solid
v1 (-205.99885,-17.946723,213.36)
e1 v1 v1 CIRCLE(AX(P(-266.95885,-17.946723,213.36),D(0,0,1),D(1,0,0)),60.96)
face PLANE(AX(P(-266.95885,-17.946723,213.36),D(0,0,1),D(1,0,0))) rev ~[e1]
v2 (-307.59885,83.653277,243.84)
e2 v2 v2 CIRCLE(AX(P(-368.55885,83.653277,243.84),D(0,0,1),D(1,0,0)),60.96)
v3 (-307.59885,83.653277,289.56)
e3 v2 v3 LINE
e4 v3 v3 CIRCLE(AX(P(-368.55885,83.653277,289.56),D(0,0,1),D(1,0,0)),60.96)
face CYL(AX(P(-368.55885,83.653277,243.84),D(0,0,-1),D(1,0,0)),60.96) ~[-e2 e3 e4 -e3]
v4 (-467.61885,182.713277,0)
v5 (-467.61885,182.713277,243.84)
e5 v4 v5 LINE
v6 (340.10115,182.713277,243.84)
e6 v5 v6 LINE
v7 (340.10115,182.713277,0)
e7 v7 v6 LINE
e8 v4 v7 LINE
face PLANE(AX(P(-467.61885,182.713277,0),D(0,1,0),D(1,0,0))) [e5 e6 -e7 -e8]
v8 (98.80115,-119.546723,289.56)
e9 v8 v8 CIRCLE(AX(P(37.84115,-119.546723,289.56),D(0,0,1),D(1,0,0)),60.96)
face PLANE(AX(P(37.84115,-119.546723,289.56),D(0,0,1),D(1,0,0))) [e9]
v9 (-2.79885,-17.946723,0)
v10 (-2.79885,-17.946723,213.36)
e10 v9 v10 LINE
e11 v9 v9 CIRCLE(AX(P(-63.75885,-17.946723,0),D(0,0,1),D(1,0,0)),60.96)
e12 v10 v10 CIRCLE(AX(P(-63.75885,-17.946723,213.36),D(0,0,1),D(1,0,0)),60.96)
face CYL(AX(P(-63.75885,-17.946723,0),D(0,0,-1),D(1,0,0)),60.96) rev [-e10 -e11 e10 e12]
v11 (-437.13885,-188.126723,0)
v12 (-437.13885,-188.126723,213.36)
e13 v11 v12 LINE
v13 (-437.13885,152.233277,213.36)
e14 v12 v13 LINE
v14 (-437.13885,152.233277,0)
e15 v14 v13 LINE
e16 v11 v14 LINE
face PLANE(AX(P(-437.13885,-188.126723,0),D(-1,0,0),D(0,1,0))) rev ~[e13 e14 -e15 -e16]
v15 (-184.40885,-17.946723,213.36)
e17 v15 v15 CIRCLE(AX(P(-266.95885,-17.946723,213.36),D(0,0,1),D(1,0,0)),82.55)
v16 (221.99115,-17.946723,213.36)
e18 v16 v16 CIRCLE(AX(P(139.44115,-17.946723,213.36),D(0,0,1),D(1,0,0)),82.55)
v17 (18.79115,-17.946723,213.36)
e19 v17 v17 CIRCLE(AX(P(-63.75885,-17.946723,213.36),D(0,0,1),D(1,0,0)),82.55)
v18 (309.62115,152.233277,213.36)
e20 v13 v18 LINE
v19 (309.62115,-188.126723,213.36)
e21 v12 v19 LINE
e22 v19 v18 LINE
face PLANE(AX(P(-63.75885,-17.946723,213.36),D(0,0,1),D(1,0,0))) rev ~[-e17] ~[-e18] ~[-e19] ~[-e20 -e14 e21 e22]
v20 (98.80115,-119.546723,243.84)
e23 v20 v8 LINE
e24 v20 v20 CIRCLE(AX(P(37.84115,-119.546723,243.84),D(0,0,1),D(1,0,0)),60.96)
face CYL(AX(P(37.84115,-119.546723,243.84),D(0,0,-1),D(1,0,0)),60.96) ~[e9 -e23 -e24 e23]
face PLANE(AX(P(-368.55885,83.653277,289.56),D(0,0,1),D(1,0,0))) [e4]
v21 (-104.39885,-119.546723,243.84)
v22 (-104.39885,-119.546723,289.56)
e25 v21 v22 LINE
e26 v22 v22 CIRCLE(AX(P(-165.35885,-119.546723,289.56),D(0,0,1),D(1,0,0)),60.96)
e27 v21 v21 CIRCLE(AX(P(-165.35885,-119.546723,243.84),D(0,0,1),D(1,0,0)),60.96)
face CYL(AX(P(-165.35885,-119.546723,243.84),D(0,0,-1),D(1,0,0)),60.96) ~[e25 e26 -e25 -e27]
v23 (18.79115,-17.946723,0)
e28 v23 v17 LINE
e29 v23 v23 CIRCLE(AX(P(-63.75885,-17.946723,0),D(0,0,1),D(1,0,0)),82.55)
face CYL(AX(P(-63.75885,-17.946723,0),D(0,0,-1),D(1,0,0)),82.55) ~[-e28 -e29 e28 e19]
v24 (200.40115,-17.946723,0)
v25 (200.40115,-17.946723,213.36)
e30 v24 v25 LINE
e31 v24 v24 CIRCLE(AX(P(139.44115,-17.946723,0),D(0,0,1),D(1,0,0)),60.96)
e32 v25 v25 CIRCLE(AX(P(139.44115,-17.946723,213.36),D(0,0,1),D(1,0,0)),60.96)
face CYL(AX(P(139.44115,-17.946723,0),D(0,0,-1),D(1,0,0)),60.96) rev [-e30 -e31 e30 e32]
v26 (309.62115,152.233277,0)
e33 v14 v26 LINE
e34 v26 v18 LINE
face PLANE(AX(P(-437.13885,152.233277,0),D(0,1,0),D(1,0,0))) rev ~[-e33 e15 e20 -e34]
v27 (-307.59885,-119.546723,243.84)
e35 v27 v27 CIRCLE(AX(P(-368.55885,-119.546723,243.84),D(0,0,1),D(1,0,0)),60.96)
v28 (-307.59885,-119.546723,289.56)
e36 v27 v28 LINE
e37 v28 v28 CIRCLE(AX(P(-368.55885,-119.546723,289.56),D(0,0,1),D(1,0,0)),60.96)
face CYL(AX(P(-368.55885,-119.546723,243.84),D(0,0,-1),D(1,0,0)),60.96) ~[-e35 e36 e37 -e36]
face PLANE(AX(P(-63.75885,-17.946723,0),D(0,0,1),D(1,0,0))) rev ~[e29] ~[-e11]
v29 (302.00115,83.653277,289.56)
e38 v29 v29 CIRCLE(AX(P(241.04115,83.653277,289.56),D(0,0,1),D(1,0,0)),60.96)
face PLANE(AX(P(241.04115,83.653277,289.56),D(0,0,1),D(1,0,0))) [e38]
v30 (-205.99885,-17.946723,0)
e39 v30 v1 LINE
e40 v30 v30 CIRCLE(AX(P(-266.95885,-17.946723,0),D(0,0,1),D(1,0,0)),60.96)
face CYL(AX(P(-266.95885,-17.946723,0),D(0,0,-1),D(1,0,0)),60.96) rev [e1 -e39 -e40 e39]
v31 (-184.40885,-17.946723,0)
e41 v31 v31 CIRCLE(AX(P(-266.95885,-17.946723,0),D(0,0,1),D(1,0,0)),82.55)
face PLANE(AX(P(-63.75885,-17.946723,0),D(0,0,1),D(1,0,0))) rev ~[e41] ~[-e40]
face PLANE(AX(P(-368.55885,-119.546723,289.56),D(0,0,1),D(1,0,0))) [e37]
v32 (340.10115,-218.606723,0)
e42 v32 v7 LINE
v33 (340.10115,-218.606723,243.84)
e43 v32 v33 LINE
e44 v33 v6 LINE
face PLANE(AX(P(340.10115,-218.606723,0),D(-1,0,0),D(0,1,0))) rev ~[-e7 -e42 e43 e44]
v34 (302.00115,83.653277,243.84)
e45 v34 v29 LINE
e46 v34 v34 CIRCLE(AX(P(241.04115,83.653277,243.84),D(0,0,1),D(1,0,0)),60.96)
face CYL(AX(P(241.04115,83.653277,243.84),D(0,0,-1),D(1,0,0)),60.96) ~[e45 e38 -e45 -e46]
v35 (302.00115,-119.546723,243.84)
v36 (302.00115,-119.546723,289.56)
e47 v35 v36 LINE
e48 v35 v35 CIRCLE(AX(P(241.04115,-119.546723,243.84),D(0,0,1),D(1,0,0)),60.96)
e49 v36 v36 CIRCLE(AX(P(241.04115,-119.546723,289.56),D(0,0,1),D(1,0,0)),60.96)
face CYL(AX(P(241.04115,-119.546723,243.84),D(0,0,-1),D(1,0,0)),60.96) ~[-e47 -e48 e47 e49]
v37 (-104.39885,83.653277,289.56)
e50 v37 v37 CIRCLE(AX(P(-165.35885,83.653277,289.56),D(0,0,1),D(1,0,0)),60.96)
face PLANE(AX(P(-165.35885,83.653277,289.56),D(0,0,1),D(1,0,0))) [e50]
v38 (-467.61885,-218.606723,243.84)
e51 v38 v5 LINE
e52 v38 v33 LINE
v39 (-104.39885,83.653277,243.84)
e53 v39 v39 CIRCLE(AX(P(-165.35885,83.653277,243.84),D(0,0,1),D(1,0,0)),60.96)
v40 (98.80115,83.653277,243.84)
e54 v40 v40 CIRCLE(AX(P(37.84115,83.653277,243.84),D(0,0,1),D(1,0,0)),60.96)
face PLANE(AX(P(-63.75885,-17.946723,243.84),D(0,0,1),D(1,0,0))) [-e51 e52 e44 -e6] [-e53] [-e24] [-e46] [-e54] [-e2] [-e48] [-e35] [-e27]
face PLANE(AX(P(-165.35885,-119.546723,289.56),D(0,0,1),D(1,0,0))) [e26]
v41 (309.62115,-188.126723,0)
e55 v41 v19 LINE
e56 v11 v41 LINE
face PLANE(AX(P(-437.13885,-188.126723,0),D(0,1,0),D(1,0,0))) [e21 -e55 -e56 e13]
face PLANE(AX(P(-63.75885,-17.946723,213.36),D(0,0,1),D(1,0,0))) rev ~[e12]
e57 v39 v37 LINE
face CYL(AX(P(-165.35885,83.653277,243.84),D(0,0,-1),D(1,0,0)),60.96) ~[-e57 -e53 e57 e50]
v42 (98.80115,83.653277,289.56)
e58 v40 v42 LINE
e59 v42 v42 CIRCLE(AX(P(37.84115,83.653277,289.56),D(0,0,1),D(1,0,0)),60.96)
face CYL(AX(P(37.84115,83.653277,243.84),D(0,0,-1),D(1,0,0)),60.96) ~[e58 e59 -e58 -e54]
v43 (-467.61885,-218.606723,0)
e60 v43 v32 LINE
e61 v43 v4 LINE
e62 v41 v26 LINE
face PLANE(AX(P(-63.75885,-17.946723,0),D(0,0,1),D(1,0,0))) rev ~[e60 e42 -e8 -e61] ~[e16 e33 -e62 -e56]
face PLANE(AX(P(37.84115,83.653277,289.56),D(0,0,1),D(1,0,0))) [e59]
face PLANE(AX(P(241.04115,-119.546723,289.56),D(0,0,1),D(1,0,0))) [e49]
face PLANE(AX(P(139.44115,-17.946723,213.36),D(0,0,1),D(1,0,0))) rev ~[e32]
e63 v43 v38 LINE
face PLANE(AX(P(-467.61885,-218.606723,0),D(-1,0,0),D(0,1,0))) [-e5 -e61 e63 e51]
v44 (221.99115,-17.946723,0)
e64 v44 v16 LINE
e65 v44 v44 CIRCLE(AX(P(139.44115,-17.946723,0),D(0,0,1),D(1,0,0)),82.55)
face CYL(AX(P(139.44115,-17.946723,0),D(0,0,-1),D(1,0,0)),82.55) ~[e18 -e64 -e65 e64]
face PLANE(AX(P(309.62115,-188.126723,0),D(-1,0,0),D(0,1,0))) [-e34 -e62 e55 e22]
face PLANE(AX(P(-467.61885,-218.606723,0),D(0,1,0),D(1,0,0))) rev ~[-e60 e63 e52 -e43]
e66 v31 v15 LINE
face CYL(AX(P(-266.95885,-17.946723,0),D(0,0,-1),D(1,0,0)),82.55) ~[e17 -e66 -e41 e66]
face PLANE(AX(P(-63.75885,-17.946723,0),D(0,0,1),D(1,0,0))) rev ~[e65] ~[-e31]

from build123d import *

# Parameters (mm, degrees)
F0_W     = 807.72
F0_H     = 401.32
F1_DEPTH = 243.84
F2_R     = 60.96
F3_DEPTH = 45.72
F4_W     = 746.76
F4_H     = 340.36
F4_R     = 82.55
F4_R_2   = 60.96
F5_DEPTH = 213.36


with BuildPart() as f1:
    # F0 (on Top) → F1 (new body)
    with BuildSketch(Plane.XY):
        with Locations((-63.75885, -17.946723)):
            Rectangle(F0_W, F0_H)
    extrude(amount=F1_DEPTH)

    # F2 (on face) → F3 (join)
    with BuildSketch(Plane.XY.offset(243.84)):
        with Locations((-368.55885, 83.653277)):
            Circle(F2_R)
        with Locations((-165.35885, 83.653277)):
            Circle(F2_R)
        with Locations((37.84115, 83.653277)):
            Circle(F2_R)
        with Locations((241.04115, 83.653277)):
            Circle(F2_R)
        with Locations((241.04115, -119.546723)):
            Circle(F2_R)
        with Locations((37.84115, -119.546723)):
            Circle(F2_R)
        with Locations((-165.35885, -119.546723)):
            Circle(F2_R)
        with Locations((-368.55885, -119.546723)):
            Circle(F2_R)
    extrude(amount=F3_DEPTH)

    # F4 (on face) → F5 (cut)
    with BuildSketch(Plane.XY):
        with Locations((-63.75885, -17.946723)):
            Rectangle(F4_W, F4_H)
        with Locations((-266.95885, -17.946723)):
            Circle(F4_R, mode=Mode.SUBTRACT)
        with Locations((-63.75885, -17.946723)):
            Circle(F4_R, mode=Mode.SUBTRACT)
        with Locations((139.44115, -17.946723)):
            Circle(F4_R, mode=Mode.SUBTRACT)
        with Locations((-266.95885, -17.946723)):
            Circle(F4_R_2)
        with Locations((-63.75885, -17.946723)):
            Circle(F4_R_2)
        with Locations((139.44115, -17.946723)):
            Circle(F4_R_2)
    extrude(amount=F5_DEPTH, mode=Mode.SUBTRACT)


solid = f1.part
